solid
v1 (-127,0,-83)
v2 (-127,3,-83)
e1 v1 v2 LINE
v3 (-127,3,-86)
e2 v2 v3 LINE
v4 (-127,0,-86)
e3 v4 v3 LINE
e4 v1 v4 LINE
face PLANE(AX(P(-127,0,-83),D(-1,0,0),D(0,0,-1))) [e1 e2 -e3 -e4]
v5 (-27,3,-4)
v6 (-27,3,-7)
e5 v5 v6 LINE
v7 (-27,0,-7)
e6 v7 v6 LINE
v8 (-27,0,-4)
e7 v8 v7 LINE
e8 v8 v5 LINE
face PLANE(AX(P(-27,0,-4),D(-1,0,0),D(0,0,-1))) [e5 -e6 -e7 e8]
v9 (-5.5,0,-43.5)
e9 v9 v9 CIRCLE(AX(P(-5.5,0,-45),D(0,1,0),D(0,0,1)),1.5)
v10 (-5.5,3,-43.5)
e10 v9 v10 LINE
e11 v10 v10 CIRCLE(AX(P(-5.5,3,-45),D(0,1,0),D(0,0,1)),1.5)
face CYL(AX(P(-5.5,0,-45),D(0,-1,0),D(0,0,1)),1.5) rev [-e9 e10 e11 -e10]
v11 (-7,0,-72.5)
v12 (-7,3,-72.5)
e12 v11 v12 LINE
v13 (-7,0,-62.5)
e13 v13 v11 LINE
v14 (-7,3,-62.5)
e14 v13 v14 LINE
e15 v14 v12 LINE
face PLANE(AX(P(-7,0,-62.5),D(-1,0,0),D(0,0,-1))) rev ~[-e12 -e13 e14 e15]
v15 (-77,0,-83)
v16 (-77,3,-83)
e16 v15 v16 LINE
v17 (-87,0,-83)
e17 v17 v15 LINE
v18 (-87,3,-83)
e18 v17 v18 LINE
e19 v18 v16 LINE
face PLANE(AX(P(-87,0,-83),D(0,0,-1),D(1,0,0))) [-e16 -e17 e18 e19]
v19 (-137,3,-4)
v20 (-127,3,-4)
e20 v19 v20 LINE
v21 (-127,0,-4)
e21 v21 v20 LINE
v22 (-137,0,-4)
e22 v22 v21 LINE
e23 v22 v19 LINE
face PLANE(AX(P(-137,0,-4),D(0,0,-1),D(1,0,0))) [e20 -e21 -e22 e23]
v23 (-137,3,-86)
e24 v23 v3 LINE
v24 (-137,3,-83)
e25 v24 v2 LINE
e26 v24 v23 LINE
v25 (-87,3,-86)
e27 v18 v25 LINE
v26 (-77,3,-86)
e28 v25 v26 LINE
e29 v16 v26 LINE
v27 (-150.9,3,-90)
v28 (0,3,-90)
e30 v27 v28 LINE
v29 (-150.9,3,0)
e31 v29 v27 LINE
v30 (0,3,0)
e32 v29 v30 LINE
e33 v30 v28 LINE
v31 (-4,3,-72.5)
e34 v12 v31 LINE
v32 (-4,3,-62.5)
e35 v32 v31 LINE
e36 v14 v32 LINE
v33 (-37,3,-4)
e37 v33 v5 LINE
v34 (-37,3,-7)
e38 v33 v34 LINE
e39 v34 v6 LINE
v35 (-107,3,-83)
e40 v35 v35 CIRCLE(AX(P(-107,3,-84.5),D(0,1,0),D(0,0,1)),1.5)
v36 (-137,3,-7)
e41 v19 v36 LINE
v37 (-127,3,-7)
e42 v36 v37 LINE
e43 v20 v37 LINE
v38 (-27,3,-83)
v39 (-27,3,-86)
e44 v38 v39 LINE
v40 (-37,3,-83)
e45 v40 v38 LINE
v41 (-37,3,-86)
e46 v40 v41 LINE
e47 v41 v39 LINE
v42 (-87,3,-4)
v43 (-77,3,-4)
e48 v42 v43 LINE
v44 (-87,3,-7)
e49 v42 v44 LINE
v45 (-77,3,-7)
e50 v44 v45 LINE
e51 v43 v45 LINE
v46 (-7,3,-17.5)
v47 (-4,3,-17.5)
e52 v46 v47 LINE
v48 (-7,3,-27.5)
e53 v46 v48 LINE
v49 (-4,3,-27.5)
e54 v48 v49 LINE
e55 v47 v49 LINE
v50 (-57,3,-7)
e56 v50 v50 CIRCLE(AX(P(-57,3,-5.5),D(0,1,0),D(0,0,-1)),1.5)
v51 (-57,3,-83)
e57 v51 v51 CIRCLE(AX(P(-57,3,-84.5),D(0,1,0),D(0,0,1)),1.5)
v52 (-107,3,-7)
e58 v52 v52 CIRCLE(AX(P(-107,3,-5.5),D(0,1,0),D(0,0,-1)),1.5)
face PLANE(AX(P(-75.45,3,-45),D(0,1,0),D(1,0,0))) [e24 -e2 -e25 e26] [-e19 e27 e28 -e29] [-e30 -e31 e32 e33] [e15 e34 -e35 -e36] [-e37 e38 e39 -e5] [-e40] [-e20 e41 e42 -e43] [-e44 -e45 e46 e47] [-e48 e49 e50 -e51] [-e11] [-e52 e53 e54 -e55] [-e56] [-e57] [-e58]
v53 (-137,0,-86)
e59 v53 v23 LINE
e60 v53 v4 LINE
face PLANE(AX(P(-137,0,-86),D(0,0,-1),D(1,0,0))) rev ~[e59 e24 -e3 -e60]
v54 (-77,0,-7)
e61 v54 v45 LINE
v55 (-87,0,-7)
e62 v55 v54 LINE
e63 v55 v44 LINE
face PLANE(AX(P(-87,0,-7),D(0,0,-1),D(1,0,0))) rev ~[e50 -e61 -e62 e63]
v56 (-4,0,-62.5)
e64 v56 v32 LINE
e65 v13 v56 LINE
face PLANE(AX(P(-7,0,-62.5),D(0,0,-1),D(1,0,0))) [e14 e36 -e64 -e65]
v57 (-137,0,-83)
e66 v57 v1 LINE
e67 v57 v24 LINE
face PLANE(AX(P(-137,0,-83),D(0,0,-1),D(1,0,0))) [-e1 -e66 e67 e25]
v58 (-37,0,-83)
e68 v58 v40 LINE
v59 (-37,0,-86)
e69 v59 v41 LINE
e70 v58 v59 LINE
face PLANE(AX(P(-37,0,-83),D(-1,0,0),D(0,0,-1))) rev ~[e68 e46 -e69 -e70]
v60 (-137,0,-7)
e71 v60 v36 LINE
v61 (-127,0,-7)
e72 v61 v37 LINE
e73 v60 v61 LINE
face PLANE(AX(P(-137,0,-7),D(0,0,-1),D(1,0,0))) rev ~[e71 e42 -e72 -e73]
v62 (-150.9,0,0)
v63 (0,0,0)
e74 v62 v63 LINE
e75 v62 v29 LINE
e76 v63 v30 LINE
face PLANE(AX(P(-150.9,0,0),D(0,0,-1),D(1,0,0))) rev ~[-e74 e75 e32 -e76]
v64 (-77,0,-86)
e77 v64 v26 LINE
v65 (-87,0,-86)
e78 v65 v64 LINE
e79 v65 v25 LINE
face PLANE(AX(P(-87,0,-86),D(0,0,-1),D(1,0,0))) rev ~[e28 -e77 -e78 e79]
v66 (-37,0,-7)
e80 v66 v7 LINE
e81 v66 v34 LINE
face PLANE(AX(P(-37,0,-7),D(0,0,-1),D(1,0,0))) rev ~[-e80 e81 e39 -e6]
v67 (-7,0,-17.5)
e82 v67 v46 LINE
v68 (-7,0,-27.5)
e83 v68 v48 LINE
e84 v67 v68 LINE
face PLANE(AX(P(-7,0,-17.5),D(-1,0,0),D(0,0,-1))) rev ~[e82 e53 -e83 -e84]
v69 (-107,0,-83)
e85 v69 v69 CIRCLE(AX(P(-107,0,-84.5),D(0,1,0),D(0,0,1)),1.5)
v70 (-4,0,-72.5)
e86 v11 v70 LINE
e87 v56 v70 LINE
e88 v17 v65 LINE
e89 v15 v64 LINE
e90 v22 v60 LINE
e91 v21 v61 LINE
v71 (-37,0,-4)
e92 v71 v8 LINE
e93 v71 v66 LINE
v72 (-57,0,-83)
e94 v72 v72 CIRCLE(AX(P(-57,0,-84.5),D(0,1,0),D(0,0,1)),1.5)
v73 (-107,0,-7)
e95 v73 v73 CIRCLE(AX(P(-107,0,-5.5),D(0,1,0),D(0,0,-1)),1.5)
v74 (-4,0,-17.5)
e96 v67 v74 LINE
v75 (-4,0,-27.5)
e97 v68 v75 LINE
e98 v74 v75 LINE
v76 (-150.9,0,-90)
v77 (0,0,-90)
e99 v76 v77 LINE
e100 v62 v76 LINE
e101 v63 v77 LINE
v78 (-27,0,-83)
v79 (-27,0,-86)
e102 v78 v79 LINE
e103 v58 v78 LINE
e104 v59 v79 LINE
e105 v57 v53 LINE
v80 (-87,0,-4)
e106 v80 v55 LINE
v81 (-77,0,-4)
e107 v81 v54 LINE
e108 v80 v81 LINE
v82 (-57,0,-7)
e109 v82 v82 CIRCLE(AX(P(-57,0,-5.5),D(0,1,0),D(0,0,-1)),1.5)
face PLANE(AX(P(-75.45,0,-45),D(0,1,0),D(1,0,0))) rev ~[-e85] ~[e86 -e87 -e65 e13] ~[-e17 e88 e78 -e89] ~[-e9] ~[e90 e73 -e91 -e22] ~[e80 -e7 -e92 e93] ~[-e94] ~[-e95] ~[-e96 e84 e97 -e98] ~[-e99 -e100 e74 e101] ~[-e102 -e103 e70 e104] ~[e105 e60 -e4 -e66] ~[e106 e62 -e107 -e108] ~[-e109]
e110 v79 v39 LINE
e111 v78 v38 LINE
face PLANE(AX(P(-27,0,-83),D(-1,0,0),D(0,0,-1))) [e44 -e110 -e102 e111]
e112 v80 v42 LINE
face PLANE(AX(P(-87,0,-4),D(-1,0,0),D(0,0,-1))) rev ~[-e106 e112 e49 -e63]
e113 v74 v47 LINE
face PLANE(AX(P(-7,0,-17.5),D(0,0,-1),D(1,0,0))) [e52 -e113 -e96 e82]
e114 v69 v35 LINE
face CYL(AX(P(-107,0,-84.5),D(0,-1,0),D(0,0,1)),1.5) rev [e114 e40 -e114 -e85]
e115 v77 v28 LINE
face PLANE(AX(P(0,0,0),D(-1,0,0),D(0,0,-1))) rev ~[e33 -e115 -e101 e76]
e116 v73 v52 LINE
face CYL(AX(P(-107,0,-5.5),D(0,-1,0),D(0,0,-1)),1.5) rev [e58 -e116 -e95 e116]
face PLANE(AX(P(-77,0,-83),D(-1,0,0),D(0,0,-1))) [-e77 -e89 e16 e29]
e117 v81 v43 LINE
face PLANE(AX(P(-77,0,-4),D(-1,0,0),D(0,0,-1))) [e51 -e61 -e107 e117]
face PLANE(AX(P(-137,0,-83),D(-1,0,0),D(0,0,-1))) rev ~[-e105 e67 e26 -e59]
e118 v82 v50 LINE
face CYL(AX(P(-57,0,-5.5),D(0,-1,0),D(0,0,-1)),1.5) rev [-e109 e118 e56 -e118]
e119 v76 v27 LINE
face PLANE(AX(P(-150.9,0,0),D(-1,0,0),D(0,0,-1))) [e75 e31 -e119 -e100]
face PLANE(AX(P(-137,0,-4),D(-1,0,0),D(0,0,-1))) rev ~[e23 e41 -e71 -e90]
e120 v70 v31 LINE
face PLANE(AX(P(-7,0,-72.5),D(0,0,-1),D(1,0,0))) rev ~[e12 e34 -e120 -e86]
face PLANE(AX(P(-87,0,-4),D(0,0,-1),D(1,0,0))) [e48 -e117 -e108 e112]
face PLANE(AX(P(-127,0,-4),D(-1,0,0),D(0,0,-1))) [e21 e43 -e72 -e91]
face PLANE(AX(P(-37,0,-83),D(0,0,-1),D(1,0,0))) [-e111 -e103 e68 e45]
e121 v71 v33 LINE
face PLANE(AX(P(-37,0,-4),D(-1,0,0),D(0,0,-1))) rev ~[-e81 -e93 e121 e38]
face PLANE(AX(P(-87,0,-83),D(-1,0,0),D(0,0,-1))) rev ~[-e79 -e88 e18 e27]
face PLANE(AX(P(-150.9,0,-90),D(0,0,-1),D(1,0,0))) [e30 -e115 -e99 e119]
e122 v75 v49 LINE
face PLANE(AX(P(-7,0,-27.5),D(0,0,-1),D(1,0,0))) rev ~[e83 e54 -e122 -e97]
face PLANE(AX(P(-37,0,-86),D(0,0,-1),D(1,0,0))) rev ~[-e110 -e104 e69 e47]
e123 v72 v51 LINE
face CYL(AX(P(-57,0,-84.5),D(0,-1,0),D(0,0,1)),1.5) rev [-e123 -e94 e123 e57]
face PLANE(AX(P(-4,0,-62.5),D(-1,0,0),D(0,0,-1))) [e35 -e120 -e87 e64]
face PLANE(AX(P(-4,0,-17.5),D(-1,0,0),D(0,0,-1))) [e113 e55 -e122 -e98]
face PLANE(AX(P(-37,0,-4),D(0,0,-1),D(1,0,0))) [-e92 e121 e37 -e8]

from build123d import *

# Parameters (mm, degrees)
SKETCH1_W           = 150.9
SKETCH1_H           = 90
SKETCH1_R           = 1.5
SKETCH1_W_2         = 10
SKETCH1_H_2         = 3
SKETCH1_W_3         = 3
SKETCH1_H_3         = 10
BOSS_EXTRUDE1_DEPTH = 3


with BuildPart() as part:
    # Sketch1 → Boss-Extrude1 (new body)
    with BuildSketch(Plane(origin=(0, 0, 0), x_dir=(1, 0, 0), z_dir=(0, 1, 0))):
        with Locations((-75.45, 45)):
            Rectangle(SKETCH1_W, SKETCH1_H)
        with Locations(Location((-57, 84.5, 0), (0, 0, 270))):
            Circle(SKETCH1_R, mode=Mode.SUBTRACT)
        with Locations(Location((-107, 84.5, 0), (0, 0, 270))):
            Circle(SKETCH1_R, mode=Mode.SUBTRACT)
        with Locations(Location((-107, 5.5, 0), (0, 0, 90))):
            Circle(SKETCH1_R, mode=Mode.SUBTRACT)
        with Locations(Location((-57, 5.5, 0), (0, 0, 90))):
            Circle(SKETCH1_R, mode=Mode.SUBTRACT)
        with Locations(Location((-5.5, 45, 0), (0, 0, 270))):
            Circle(SKETCH1_R, mode=Mode.SUBTRACT)
        with Locations((-32, 84.5)):
            Rectangle(SKETCH1_W_2, SKETCH1_H_2, mode=Mode.SUBTRACT)
        with Locations((-82, 84.5)):
            Rectangle(SKETCH1_W_2, SKETCH1_H_2, mode=Mode.SUBTRACT)
        with Locations((-132, 84.5)):
            Rectangle(SKETCH1_W_2, SKETCH1_H_2, mode=Mode.SUBTRACT)
        with Locations((-132, 5.5)):
            Rectangle(SKETCH1_W_2, SKETCH1_H_2, mode=Mode.SUBTRACT)
        with Locations((-82, 5.5)):
            Rectangle(SKETCH1_W_2, SKETCH1_H_2, mode=Mode.SUBTRACT)
        with Locations((-32, 5.5)):
            Rectangle(SKETCH1_W_2, SKETCH1_H_2, mode=Mode.SUBTRACT)
        with Locations((-5.5, 67.5)):
            Rectangle(SKETCH1_W_3, SKETCH1_H_3, mode=Mode.SUBTRACT)
        with Locations((-5.5, 22.5)):
            Rectangle(SKETCH1_W_3, SKETCH1_H_3, mode=Mode.SUBTRACT)
    extrude(amount=BOSS_EXTRUDE1_DEPTH)


solid = part.part
